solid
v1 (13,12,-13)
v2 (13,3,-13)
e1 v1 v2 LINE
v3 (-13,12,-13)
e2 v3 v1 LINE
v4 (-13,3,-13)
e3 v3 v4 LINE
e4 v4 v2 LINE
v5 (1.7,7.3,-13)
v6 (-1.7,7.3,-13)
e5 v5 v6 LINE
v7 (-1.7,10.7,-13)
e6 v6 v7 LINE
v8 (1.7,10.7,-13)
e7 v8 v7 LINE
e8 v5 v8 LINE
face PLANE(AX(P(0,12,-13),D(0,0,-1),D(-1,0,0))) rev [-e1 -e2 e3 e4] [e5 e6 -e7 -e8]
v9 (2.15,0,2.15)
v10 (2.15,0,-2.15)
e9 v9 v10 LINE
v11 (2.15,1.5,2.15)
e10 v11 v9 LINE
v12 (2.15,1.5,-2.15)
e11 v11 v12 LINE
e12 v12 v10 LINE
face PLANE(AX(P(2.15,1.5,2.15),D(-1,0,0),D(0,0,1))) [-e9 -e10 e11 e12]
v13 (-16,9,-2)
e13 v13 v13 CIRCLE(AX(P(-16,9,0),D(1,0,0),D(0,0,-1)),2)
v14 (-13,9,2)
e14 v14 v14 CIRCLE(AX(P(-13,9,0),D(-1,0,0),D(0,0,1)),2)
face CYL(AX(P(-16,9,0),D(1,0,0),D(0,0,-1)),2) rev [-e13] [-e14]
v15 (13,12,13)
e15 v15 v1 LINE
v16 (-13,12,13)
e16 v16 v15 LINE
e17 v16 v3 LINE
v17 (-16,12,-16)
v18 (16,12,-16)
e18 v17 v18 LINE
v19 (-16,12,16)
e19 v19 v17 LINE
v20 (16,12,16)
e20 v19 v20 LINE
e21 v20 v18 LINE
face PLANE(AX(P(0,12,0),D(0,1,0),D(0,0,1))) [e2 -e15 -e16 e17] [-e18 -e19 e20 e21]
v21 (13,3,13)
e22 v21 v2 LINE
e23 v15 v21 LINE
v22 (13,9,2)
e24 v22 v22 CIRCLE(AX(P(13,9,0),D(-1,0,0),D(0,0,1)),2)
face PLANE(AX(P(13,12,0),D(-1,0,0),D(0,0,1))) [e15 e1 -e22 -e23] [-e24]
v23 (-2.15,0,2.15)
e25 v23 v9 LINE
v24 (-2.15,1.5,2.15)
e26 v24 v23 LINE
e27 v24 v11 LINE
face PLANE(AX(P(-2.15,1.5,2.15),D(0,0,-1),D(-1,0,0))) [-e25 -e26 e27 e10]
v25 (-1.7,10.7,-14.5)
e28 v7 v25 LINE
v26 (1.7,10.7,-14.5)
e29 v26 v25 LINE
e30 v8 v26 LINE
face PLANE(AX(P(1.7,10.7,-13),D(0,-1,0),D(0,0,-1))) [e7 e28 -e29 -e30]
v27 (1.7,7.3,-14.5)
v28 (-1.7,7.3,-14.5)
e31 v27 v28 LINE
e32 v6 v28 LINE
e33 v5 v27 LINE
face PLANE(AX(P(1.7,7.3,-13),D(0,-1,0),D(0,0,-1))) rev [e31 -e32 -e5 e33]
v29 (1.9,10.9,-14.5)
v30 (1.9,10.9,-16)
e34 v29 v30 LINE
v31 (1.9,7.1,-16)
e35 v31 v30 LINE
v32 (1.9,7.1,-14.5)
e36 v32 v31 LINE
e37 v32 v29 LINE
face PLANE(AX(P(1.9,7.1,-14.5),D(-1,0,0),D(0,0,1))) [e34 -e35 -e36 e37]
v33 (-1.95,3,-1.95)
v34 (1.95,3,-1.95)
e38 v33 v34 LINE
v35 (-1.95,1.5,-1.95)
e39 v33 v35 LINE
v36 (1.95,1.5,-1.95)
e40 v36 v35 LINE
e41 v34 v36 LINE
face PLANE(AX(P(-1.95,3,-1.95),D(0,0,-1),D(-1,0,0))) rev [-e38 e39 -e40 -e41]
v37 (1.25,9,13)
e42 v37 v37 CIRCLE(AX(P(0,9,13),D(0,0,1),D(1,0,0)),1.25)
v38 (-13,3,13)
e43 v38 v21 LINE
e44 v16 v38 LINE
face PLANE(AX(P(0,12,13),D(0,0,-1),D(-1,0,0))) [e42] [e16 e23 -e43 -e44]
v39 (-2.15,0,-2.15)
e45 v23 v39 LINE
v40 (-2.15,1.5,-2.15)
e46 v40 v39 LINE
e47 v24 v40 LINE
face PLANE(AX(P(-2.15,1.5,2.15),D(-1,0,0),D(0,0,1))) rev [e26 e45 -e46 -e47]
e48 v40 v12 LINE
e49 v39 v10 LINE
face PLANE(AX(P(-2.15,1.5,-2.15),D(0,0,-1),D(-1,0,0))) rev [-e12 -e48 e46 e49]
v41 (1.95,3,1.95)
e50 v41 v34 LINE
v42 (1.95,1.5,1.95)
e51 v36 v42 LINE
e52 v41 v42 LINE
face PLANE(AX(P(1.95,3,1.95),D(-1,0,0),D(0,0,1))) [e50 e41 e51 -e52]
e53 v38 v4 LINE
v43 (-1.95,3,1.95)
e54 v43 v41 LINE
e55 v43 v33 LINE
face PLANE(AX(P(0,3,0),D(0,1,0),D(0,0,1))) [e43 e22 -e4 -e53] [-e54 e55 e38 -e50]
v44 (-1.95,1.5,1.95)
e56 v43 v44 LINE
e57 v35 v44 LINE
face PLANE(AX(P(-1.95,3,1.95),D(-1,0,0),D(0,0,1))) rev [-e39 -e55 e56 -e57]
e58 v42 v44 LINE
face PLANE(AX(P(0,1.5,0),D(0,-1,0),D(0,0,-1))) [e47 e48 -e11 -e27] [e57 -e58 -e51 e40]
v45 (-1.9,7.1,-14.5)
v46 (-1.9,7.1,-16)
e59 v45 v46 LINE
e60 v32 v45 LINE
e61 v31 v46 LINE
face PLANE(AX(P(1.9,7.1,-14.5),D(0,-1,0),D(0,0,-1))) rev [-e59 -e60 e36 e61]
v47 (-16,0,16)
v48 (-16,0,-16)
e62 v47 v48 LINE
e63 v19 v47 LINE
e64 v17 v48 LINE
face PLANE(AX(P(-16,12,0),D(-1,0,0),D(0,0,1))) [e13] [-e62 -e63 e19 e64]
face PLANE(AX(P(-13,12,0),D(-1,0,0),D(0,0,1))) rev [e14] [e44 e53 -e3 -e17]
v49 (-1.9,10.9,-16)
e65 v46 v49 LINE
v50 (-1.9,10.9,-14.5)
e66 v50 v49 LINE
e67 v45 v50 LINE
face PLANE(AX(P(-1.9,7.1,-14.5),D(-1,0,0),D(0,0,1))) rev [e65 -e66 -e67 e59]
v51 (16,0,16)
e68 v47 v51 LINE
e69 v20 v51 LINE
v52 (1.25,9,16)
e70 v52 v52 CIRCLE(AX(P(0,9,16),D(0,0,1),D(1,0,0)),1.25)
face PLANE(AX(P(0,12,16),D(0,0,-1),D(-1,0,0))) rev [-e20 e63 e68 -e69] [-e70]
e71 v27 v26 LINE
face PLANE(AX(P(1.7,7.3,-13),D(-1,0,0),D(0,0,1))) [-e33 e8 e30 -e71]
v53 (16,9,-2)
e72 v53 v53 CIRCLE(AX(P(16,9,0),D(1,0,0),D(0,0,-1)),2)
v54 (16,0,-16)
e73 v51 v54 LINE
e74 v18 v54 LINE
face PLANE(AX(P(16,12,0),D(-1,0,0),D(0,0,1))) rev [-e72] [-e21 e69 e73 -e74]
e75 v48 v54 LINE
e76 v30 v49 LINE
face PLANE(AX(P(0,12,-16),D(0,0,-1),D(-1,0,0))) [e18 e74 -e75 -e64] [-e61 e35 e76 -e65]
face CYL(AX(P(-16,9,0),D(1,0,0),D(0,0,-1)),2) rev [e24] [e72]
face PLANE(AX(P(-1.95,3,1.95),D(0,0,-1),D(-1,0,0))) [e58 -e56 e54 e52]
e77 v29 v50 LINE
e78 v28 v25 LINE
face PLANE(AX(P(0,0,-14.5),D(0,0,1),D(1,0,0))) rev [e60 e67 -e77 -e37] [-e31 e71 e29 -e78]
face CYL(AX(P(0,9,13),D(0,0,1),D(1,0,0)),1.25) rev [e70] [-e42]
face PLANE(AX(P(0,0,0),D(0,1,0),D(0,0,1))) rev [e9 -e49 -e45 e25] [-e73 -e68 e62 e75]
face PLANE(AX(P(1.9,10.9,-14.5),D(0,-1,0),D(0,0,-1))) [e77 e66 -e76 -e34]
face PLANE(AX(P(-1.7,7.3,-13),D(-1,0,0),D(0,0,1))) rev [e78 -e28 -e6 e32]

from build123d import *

# Parameters (mm, degrees)
SKETCH12_W          = 26
SKETCH12_H          = 26
BOSS_EXTRUDE7_DEPTH = 3
SKETCH12_6_W        = 32
SKETCH12_6_H        = 32
SKETCH12_6_W_2      = 26
SKETCH12_6_H_2      = 26
BOSS_EXTRUDE8_DEPTH = 12
SKETCH12_7_W        = 3.9
SKETCH12_7_H        = 3.9
CUT_EXTRUDE34_DEPTH = 3
SKETCH12_8_W        = 4.3
SKETCH12_8_H        = 4.3
CUT_EXTRUDE36_DEPTH = 1.5
SKETCH23_R          = 2
CUT_EXTRUDE47_DEPTH = 32
SKETCH24_W          = 3.4
SKETCH24_H          = 3.4
CUT_EXTRUDE48_DEPTH = 3
SKETCH24_3_W        = 3.8
SKETCH24_3_H        = 3.8
CUT_EXTRUDE49_DEPTH = 1.5
SKETCH25_R          = 1.25
CUT_EXTRUDE50_DEPTH = 3


with BuildPart() as part:
    # Sketch12 → Boss-Extrude7 (new body)
    with BuildSketch(Plane(origin=(0, 0, 0), x_dir=(1, 0, 0), z_dir=(0, 1, 0))):
        Rectangle(SKETCH12_W, SKETCH12_H)
    extrude(amount=BOSS_EXTRUDE7_DEPTH)

    # Sketch12<6> → Boss-Extrude8 (add)
    with BuildSketch(Plane(origin=(0, 0, 0), x_dir=(1, 0, 0), z_dir=(0, 1, 0))):
        Rectangle(SKETCH12_6_W, SKETCH12_6_H)
        Rectangle(SKETCH12_6_W_2, SKETCH12_6_H_2, mode=Mode.SUBTRACT)
    extrude(amount=BOSS_EXTRUDE8_DEPTH)

    # Sketch12<7> → Cut-Extrude34 (cut)
    with BuildSketch(Plane(origin=(0, 0, 0), x_dir=(1, 0, 0), z_dir=(0, 1, 0))):
        Rectangle(SKETCH12_7_W, SKETCH12_7_H)
    extrude(amount=CUT_EXTRUDE34_DEPTH, mode=Mode.SUBTRACT)

    # Sketch12<8> → Cut-Extrude36 (cut)
    with BuildSketch(Plane(origin=(0, 0, 0), x_dir=(1, 0, 0), z_dir=(0, 1, 0))):
        Rectangle(SKETCH12_8_W, SKETCH12_8_H)
    extrude(amount=CUT_EXTRUDE36_DEPTH, mode=Mode.SUBTRACT)

    # Sketch23 → Cut-Extrude47 (cut)
    with BuildSketch(Plane(origin=(16, 0, 0), x_dir=(0, 0, -1), z_dir=(1, 0, 0))):
        with Locations((0, 9)):
            Circle(SKETCH23_R)
    extrude(amount=-CUT_EXTRUDE47_DEPTH, mode=Mode.SUBTRACT)

    # Sketch24 → Cut-Extrude48 (cut)
    with BuildSketch(Plane(origin=(0, 0, -16), x_dir=(-1, 0, 0), z_dir=(0, 0, -1))):
        with Locations((0, 9)):
            Rectangle(SKETCH24_W, SKETCH24_H)
    extrude(amount=-CUT_EXTRUDE48_DEPTH, mode=Mode.SUBTRACT)

    # Sketch24<3> → Cut-Extrude49 (cut)
    with BuildSketch(Plane(origin=(0, 0, -16), x_dir=(-1, 0, 0), z_dir=(0, 0, -1))):
        with Locations((0, 9)):
            Rectangle(SKETCH24_3_W, SKETCH24_3_H)
    extrude(amount=-CUT_EXTRUDE49_DEPTH, mode=Mode.SUBTRACT)

    # Sketch25 → Cut-Extrude50 (cut)
    with BuildSketch(Plane.XY.offset(16)):
        with Locations((0, 9)):
            Circle(SKETCH25_R)
    extrude(amount=-CUT_EXTRUDE50_DEPTH, mode=Mode.SUBTRACT)


solid = part.part
